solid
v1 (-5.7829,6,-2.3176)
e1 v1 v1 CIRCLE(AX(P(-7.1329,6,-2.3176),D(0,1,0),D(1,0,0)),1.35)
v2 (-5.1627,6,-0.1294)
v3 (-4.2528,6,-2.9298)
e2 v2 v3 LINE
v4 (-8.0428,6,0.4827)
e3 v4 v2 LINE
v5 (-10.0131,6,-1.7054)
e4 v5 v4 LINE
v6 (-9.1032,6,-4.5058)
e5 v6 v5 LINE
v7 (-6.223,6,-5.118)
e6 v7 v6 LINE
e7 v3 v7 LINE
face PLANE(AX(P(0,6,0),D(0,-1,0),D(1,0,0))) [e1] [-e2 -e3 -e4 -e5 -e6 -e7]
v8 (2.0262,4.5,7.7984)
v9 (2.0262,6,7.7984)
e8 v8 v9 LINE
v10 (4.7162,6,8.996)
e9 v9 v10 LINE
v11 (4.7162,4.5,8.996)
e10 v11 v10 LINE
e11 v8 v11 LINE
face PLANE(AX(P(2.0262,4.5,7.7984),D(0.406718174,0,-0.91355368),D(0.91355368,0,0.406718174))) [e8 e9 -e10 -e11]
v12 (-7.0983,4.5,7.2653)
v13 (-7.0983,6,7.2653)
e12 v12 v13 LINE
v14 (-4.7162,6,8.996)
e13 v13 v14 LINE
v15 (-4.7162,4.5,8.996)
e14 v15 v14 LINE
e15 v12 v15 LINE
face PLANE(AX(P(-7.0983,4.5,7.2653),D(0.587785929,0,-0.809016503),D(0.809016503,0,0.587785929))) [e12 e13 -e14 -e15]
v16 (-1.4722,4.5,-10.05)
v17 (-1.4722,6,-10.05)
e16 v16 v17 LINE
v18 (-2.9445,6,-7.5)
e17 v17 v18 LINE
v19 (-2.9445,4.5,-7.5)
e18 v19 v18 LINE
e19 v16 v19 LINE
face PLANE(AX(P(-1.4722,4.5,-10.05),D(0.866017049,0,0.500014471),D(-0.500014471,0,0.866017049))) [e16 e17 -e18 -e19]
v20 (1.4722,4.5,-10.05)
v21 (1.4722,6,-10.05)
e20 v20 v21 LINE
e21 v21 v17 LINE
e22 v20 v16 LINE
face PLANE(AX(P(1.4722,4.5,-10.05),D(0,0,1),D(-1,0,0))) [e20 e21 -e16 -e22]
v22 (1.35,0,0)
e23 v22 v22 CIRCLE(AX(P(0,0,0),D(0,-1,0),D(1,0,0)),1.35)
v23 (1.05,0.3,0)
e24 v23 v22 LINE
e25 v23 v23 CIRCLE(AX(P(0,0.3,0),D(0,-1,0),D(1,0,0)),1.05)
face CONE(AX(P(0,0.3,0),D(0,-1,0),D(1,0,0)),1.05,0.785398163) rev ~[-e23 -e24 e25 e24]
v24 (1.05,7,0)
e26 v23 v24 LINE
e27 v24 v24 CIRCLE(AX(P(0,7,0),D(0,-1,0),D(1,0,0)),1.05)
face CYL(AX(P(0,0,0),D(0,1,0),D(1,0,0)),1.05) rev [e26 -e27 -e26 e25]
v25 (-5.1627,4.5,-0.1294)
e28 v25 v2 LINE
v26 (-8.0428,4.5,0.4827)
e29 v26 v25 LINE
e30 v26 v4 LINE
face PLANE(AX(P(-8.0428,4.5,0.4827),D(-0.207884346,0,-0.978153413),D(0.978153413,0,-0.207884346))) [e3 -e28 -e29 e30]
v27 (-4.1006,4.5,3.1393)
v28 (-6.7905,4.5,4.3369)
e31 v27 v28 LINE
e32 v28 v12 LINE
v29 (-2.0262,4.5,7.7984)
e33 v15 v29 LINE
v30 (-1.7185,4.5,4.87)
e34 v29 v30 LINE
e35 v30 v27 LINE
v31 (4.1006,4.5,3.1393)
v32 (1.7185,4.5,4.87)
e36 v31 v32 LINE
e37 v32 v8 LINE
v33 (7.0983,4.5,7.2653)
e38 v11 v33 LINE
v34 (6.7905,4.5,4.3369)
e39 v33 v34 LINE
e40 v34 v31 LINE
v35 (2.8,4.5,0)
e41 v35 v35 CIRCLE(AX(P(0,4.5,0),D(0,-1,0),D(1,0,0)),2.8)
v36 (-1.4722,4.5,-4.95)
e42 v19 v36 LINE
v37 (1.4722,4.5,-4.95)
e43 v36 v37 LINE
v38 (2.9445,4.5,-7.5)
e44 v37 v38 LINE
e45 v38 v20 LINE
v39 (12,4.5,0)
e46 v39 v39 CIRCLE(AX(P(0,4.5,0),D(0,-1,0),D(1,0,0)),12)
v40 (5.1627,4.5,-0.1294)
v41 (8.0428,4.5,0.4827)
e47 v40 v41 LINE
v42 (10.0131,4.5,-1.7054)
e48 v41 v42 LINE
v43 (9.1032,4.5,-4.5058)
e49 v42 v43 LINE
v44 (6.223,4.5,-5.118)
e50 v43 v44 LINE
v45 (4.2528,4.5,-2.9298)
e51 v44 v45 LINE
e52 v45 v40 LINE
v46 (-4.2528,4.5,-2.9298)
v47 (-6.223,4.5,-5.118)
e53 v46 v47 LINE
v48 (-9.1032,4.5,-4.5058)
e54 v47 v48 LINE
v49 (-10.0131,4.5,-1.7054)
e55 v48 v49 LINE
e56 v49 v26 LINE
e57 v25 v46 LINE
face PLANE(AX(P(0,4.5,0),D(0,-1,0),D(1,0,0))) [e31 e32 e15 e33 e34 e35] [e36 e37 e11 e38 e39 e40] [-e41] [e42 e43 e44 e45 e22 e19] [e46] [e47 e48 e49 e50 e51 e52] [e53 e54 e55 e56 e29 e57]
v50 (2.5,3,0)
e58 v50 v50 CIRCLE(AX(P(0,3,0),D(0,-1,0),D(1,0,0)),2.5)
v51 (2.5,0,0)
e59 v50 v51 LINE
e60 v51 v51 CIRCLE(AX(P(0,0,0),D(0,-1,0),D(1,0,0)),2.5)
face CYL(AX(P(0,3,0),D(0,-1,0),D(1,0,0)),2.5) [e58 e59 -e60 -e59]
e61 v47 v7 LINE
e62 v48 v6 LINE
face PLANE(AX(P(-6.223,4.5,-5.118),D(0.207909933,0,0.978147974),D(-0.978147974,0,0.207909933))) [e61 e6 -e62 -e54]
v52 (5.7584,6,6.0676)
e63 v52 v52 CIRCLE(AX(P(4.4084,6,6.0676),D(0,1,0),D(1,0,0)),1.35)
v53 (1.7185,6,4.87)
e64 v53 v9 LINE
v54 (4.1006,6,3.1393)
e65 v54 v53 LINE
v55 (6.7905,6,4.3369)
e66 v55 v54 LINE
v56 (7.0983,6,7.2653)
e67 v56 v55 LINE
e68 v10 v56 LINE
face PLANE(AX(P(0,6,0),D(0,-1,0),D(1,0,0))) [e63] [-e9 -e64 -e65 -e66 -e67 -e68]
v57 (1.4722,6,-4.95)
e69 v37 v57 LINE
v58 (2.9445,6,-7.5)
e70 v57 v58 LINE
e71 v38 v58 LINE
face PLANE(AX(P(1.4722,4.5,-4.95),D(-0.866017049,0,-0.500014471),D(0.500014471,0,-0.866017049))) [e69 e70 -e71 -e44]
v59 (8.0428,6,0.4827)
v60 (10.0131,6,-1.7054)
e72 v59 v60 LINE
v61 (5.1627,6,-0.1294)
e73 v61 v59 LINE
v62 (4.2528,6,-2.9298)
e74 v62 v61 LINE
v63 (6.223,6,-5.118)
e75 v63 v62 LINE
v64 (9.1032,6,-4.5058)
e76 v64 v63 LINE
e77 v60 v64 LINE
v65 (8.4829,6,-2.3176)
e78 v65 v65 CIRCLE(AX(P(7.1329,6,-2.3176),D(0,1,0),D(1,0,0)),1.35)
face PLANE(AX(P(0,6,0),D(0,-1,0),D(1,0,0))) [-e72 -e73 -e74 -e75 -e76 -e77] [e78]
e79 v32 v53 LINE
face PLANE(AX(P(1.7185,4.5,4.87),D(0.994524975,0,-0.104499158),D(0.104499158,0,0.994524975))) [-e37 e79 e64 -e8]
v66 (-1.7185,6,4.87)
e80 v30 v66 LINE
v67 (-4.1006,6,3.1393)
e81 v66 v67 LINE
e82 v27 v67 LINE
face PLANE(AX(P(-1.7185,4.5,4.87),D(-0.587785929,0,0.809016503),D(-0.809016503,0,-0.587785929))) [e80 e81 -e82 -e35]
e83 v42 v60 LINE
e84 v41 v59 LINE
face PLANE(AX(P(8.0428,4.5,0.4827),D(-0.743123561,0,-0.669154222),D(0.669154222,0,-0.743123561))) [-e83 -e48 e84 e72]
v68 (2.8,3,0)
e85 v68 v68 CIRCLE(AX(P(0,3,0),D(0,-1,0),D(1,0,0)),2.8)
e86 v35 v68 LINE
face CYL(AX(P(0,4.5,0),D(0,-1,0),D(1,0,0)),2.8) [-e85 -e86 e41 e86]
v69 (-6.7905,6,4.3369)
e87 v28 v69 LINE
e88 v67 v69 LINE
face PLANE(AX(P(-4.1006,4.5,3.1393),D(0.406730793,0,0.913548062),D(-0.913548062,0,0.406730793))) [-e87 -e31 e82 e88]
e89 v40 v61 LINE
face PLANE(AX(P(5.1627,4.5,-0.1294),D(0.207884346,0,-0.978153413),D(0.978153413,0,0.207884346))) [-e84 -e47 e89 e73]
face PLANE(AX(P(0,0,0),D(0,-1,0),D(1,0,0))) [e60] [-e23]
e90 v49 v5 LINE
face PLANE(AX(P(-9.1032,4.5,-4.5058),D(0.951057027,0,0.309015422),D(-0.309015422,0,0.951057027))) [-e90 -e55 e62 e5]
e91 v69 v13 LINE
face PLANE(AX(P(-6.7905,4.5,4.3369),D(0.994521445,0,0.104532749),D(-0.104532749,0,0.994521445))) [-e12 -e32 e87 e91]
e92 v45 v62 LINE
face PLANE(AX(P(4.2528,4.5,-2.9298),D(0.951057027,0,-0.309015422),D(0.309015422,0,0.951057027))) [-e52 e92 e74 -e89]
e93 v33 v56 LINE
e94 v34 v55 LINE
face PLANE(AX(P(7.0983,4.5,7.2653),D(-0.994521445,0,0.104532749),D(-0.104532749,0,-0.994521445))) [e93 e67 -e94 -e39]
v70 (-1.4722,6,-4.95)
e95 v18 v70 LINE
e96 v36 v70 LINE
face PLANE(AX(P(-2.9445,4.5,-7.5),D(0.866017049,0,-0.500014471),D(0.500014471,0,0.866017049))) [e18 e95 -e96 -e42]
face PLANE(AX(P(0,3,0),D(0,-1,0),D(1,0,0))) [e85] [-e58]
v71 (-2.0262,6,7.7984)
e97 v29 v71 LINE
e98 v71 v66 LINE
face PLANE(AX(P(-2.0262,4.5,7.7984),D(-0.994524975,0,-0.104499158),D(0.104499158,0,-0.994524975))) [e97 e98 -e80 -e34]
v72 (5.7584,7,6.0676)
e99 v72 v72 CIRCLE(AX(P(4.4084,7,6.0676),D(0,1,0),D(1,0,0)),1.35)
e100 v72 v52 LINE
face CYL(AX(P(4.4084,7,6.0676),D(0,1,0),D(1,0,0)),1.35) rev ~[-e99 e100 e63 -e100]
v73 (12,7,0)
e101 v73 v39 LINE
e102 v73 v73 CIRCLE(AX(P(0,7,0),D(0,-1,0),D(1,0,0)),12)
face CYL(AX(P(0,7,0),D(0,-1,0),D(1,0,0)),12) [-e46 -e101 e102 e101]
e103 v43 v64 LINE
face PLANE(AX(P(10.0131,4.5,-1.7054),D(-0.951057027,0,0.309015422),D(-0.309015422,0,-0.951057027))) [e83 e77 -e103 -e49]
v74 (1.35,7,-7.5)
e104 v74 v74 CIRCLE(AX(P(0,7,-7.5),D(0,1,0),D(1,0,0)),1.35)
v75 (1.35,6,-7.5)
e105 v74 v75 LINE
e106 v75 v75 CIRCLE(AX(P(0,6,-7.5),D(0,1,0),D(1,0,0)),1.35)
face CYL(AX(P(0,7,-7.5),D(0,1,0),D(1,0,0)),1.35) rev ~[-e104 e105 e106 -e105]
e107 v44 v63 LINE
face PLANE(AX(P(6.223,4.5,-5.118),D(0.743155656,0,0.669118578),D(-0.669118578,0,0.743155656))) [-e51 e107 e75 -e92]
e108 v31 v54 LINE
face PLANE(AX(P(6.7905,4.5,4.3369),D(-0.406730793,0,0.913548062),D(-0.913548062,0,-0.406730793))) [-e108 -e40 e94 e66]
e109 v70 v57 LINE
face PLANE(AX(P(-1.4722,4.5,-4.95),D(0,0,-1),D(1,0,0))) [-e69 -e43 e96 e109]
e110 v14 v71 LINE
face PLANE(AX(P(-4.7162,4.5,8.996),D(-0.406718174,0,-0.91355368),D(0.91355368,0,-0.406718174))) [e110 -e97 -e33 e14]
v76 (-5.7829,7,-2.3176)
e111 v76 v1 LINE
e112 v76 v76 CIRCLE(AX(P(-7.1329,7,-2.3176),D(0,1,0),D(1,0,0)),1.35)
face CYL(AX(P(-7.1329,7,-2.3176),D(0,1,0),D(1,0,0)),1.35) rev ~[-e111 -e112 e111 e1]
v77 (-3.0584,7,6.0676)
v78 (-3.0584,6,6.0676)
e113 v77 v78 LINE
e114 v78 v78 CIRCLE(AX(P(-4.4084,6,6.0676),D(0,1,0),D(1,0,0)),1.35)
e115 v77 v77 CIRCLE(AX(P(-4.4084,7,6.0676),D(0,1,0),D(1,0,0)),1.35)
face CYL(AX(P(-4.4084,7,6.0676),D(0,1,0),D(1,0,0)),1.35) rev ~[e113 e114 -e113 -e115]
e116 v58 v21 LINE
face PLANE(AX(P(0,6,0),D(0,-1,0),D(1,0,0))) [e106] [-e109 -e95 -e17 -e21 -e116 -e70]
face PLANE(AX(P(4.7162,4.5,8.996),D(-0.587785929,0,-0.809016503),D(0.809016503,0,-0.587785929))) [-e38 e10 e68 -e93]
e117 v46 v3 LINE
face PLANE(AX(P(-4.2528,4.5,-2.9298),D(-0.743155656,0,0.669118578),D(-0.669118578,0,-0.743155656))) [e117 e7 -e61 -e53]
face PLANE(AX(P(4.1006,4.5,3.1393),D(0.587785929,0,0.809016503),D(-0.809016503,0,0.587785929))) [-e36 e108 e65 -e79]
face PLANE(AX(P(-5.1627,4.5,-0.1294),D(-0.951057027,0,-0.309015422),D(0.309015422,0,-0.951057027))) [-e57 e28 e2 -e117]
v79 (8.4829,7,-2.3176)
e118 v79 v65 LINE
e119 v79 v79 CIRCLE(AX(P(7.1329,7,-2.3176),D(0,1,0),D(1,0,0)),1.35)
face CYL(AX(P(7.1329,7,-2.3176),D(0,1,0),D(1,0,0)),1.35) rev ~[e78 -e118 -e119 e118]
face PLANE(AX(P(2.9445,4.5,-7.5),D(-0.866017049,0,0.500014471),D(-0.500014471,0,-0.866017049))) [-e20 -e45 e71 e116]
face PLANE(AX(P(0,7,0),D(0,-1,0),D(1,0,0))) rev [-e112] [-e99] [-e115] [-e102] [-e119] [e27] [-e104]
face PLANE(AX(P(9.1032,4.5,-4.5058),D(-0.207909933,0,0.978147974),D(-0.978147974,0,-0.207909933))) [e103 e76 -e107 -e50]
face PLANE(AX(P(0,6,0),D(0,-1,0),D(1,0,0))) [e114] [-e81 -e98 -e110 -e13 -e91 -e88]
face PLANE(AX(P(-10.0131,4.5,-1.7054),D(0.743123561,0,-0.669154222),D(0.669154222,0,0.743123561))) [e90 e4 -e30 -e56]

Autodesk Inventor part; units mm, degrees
ref_plane "YZ Plane" through (0, 0, 0) normal (1, 0, 0) x (0, 1, 0)
ref_plane "XZ Plane" through (0, 0, 0) normal (0, 1, 0) x (-1, 0, 0)
ref_plane "XY Plane" through (0, 0, 0) normal (0, 0, 1) x (1, 0, 0)
sketch "Sketch1" plane through (0, 0, 0) normal (0, 0, 1) x (1, 0, 0)
  line L0 (0, 7) -> (0, 0) construction
  line L1 (0, 0) -> (1.05, 0) construction
  line L2 (1.05, 0) -> (1.05, 7)
  line L3 (1.05, 7) -> (0, 7) construction
  line L4 (1.05, 7) -> (12, 7)
  line L5 (2.8, 3) -> (2.5, 3)
  line L6 (2.5, 3) -> (2.5, 0)
  line L7 (2.5, 0) -> (1.05, 0)
  line L8 (12, 7) -> (12, 4.5)
  line L9 (12, 4.5) -> (2.8, 4.5)
  line L10 (2.8, 4.5) -> (2.8, 3)
  dimension "d0" = 2.5
  dimension "d1" = 1.05
  dimension "d3" = 0.3
  dimension "d4" = 3
  dimension "d9" = 1.5
  dimension "d10" = 12
  dimension "d11" = 2.5
revolve "Revolution1" add sketch "Sketch1" angle 360 about axis through (0, 7, 0) along (0, -1, 0)
sketch "Sketch2" plane through (0, 7, 0) normal (0, 1, 0) x (1, 0, 0)
  line L0 (0, 0) -> (0, 7.5) construction
  circle A0 centre (0, 7.5) radius 1.35
  line L1 (0, 0) -> (-7.1329, 2.3176) construction
  circle A1 centre (-7.1329, 2.3176) radius 1.35
  line L2 (0, 0) -> (-4.4084, -6.0676) construction
  circle A2 centre (-4.4084, -6.0676) radius 1.35
  line L3 (0, 0) -> (4.4084, -6.0676) construction
  circle A3 centre (4.4084, -6.0676) radius 1.35
  line L4 (0, 0) -> (7.1329, 2.3176) construction
  circle A4 centre (7.1329, 2.3176) radius 1.35
  dimension "d12" = 7.5
  dimension "d13" = 2.7
  dimension "d16" = 360
extrude "Extrusion1" cut sketch "Sketch2" against normal blind 10
sketch "Sketch3" plane through (0, 4.5, 0) normal (0, -1, 0) x (1, 0, 0)
  circle A0 centre (0, -7.5) radius 1.35 construction
  line L0 (-2.9445, -7.5) -> (-1.4722, -4.95)
  line L1 (-1.4722, -4.95) -> (1.4722, -4.95)
  line L2 (1.4722, -4.95) -> (2.9445, -7.5)
  line L3 (2.9445, -7.5) -> (1.4722, -10.05)
  line L4 (1.4722, -10.05) -> (-1.4722, -10.05)
  line L5 (-1.4722, -10.05) -> (-2.9445, -7.5)
  line L6 (6.223, -5.118) -> (4.2528, -2.9298)
  line L7 (4.2528, -2.9298) -> (5.1627, -0.1294)
  line L8 (5.1627, -0.1294) -> (8.0428, 0.4827)
  line L9 (8.0428, 0.4827) -> (10.0131, -1.7054)
  line L10 (10.0131, -1.7054) -> (9.1032, -4.5058)
  line L11 (9.1032, -4.5058) -> (6.223, -5.118)
  line L12 (6.7905, 4.3369) -> (4.1006, 3.1393)
  line L13 (4.1006, 3.1393) -> (1.7185, 4.87)
  line L14 (1.7185, 4.87) -> (2.0262, 7.7984)
  line L15 (2.0262, 7.7984) -> (4.7162, 8.996)
  line L16 (4.7162, 8.996) -> (7.0983, 7.2653)
  line L17 (7.0983, 7.2653) -> (6.7905, 4.3369)
  line L18 (-2.0262, 7.7984) -> (-1.7185, 4.87)
  line L19 (-1.7185, 4.87) -> (-4.1006, 3.1393)
  line L20 (-4.1006, 3.1393) -> (-6.7905, 4.3369)
  line L21 (-6.7905, 4.3369) -> (-7.0983, 7.2653)
  line L22 (-7.0983, 7.2653) -> (-4.7162, 8.996)
  line L23 (-4.7162, 8.996) -> (-2.0262, 7.7984)
  line L24 (-8.0428, 0.4827) -> (-5.1627, -0.1294)
  line L25 (-5.1627, -0.1294) -> (-4.2528, -2.9298)
  line L26 (-4.2528, -2.9298) -> (-6.223, -5.118)
  line L27 (-6.223, -5.118) -> (-9.1032, -4.5058)
  line L28 (-9.1032, -4.5058) -> (-10.0131, -1.7054)
  line L29 (-10.0131, -1.7054) -> (-8.0428, 0.4827)
  point P0 (0, 0)
  point P1 (0, -7.5)
  point P2 (7.1329, -2.3176)
  point P3 (7.1329, -2.3176)
  point P4 (4.4084, 6.0676)
  point P5 (4.4084, 6.0676)
  point P6 (-4.4084, 6.0676)
  point P7 (-4.4084, 6.0676)
  point P8 (-7.1329, -2.3176)
  point P9 (-7.1329, -2.3176)
  dimension "d20" = 5.1
  dimension "d23" = 360
extrude "Extrusion2" cut sketch "Sketch3" against normal blind 1.5
chamfer "Chamfer2" distance 0.3 angle 45 1 edges at (-1.05, 0, 0)
properties part number "Flywheel"
